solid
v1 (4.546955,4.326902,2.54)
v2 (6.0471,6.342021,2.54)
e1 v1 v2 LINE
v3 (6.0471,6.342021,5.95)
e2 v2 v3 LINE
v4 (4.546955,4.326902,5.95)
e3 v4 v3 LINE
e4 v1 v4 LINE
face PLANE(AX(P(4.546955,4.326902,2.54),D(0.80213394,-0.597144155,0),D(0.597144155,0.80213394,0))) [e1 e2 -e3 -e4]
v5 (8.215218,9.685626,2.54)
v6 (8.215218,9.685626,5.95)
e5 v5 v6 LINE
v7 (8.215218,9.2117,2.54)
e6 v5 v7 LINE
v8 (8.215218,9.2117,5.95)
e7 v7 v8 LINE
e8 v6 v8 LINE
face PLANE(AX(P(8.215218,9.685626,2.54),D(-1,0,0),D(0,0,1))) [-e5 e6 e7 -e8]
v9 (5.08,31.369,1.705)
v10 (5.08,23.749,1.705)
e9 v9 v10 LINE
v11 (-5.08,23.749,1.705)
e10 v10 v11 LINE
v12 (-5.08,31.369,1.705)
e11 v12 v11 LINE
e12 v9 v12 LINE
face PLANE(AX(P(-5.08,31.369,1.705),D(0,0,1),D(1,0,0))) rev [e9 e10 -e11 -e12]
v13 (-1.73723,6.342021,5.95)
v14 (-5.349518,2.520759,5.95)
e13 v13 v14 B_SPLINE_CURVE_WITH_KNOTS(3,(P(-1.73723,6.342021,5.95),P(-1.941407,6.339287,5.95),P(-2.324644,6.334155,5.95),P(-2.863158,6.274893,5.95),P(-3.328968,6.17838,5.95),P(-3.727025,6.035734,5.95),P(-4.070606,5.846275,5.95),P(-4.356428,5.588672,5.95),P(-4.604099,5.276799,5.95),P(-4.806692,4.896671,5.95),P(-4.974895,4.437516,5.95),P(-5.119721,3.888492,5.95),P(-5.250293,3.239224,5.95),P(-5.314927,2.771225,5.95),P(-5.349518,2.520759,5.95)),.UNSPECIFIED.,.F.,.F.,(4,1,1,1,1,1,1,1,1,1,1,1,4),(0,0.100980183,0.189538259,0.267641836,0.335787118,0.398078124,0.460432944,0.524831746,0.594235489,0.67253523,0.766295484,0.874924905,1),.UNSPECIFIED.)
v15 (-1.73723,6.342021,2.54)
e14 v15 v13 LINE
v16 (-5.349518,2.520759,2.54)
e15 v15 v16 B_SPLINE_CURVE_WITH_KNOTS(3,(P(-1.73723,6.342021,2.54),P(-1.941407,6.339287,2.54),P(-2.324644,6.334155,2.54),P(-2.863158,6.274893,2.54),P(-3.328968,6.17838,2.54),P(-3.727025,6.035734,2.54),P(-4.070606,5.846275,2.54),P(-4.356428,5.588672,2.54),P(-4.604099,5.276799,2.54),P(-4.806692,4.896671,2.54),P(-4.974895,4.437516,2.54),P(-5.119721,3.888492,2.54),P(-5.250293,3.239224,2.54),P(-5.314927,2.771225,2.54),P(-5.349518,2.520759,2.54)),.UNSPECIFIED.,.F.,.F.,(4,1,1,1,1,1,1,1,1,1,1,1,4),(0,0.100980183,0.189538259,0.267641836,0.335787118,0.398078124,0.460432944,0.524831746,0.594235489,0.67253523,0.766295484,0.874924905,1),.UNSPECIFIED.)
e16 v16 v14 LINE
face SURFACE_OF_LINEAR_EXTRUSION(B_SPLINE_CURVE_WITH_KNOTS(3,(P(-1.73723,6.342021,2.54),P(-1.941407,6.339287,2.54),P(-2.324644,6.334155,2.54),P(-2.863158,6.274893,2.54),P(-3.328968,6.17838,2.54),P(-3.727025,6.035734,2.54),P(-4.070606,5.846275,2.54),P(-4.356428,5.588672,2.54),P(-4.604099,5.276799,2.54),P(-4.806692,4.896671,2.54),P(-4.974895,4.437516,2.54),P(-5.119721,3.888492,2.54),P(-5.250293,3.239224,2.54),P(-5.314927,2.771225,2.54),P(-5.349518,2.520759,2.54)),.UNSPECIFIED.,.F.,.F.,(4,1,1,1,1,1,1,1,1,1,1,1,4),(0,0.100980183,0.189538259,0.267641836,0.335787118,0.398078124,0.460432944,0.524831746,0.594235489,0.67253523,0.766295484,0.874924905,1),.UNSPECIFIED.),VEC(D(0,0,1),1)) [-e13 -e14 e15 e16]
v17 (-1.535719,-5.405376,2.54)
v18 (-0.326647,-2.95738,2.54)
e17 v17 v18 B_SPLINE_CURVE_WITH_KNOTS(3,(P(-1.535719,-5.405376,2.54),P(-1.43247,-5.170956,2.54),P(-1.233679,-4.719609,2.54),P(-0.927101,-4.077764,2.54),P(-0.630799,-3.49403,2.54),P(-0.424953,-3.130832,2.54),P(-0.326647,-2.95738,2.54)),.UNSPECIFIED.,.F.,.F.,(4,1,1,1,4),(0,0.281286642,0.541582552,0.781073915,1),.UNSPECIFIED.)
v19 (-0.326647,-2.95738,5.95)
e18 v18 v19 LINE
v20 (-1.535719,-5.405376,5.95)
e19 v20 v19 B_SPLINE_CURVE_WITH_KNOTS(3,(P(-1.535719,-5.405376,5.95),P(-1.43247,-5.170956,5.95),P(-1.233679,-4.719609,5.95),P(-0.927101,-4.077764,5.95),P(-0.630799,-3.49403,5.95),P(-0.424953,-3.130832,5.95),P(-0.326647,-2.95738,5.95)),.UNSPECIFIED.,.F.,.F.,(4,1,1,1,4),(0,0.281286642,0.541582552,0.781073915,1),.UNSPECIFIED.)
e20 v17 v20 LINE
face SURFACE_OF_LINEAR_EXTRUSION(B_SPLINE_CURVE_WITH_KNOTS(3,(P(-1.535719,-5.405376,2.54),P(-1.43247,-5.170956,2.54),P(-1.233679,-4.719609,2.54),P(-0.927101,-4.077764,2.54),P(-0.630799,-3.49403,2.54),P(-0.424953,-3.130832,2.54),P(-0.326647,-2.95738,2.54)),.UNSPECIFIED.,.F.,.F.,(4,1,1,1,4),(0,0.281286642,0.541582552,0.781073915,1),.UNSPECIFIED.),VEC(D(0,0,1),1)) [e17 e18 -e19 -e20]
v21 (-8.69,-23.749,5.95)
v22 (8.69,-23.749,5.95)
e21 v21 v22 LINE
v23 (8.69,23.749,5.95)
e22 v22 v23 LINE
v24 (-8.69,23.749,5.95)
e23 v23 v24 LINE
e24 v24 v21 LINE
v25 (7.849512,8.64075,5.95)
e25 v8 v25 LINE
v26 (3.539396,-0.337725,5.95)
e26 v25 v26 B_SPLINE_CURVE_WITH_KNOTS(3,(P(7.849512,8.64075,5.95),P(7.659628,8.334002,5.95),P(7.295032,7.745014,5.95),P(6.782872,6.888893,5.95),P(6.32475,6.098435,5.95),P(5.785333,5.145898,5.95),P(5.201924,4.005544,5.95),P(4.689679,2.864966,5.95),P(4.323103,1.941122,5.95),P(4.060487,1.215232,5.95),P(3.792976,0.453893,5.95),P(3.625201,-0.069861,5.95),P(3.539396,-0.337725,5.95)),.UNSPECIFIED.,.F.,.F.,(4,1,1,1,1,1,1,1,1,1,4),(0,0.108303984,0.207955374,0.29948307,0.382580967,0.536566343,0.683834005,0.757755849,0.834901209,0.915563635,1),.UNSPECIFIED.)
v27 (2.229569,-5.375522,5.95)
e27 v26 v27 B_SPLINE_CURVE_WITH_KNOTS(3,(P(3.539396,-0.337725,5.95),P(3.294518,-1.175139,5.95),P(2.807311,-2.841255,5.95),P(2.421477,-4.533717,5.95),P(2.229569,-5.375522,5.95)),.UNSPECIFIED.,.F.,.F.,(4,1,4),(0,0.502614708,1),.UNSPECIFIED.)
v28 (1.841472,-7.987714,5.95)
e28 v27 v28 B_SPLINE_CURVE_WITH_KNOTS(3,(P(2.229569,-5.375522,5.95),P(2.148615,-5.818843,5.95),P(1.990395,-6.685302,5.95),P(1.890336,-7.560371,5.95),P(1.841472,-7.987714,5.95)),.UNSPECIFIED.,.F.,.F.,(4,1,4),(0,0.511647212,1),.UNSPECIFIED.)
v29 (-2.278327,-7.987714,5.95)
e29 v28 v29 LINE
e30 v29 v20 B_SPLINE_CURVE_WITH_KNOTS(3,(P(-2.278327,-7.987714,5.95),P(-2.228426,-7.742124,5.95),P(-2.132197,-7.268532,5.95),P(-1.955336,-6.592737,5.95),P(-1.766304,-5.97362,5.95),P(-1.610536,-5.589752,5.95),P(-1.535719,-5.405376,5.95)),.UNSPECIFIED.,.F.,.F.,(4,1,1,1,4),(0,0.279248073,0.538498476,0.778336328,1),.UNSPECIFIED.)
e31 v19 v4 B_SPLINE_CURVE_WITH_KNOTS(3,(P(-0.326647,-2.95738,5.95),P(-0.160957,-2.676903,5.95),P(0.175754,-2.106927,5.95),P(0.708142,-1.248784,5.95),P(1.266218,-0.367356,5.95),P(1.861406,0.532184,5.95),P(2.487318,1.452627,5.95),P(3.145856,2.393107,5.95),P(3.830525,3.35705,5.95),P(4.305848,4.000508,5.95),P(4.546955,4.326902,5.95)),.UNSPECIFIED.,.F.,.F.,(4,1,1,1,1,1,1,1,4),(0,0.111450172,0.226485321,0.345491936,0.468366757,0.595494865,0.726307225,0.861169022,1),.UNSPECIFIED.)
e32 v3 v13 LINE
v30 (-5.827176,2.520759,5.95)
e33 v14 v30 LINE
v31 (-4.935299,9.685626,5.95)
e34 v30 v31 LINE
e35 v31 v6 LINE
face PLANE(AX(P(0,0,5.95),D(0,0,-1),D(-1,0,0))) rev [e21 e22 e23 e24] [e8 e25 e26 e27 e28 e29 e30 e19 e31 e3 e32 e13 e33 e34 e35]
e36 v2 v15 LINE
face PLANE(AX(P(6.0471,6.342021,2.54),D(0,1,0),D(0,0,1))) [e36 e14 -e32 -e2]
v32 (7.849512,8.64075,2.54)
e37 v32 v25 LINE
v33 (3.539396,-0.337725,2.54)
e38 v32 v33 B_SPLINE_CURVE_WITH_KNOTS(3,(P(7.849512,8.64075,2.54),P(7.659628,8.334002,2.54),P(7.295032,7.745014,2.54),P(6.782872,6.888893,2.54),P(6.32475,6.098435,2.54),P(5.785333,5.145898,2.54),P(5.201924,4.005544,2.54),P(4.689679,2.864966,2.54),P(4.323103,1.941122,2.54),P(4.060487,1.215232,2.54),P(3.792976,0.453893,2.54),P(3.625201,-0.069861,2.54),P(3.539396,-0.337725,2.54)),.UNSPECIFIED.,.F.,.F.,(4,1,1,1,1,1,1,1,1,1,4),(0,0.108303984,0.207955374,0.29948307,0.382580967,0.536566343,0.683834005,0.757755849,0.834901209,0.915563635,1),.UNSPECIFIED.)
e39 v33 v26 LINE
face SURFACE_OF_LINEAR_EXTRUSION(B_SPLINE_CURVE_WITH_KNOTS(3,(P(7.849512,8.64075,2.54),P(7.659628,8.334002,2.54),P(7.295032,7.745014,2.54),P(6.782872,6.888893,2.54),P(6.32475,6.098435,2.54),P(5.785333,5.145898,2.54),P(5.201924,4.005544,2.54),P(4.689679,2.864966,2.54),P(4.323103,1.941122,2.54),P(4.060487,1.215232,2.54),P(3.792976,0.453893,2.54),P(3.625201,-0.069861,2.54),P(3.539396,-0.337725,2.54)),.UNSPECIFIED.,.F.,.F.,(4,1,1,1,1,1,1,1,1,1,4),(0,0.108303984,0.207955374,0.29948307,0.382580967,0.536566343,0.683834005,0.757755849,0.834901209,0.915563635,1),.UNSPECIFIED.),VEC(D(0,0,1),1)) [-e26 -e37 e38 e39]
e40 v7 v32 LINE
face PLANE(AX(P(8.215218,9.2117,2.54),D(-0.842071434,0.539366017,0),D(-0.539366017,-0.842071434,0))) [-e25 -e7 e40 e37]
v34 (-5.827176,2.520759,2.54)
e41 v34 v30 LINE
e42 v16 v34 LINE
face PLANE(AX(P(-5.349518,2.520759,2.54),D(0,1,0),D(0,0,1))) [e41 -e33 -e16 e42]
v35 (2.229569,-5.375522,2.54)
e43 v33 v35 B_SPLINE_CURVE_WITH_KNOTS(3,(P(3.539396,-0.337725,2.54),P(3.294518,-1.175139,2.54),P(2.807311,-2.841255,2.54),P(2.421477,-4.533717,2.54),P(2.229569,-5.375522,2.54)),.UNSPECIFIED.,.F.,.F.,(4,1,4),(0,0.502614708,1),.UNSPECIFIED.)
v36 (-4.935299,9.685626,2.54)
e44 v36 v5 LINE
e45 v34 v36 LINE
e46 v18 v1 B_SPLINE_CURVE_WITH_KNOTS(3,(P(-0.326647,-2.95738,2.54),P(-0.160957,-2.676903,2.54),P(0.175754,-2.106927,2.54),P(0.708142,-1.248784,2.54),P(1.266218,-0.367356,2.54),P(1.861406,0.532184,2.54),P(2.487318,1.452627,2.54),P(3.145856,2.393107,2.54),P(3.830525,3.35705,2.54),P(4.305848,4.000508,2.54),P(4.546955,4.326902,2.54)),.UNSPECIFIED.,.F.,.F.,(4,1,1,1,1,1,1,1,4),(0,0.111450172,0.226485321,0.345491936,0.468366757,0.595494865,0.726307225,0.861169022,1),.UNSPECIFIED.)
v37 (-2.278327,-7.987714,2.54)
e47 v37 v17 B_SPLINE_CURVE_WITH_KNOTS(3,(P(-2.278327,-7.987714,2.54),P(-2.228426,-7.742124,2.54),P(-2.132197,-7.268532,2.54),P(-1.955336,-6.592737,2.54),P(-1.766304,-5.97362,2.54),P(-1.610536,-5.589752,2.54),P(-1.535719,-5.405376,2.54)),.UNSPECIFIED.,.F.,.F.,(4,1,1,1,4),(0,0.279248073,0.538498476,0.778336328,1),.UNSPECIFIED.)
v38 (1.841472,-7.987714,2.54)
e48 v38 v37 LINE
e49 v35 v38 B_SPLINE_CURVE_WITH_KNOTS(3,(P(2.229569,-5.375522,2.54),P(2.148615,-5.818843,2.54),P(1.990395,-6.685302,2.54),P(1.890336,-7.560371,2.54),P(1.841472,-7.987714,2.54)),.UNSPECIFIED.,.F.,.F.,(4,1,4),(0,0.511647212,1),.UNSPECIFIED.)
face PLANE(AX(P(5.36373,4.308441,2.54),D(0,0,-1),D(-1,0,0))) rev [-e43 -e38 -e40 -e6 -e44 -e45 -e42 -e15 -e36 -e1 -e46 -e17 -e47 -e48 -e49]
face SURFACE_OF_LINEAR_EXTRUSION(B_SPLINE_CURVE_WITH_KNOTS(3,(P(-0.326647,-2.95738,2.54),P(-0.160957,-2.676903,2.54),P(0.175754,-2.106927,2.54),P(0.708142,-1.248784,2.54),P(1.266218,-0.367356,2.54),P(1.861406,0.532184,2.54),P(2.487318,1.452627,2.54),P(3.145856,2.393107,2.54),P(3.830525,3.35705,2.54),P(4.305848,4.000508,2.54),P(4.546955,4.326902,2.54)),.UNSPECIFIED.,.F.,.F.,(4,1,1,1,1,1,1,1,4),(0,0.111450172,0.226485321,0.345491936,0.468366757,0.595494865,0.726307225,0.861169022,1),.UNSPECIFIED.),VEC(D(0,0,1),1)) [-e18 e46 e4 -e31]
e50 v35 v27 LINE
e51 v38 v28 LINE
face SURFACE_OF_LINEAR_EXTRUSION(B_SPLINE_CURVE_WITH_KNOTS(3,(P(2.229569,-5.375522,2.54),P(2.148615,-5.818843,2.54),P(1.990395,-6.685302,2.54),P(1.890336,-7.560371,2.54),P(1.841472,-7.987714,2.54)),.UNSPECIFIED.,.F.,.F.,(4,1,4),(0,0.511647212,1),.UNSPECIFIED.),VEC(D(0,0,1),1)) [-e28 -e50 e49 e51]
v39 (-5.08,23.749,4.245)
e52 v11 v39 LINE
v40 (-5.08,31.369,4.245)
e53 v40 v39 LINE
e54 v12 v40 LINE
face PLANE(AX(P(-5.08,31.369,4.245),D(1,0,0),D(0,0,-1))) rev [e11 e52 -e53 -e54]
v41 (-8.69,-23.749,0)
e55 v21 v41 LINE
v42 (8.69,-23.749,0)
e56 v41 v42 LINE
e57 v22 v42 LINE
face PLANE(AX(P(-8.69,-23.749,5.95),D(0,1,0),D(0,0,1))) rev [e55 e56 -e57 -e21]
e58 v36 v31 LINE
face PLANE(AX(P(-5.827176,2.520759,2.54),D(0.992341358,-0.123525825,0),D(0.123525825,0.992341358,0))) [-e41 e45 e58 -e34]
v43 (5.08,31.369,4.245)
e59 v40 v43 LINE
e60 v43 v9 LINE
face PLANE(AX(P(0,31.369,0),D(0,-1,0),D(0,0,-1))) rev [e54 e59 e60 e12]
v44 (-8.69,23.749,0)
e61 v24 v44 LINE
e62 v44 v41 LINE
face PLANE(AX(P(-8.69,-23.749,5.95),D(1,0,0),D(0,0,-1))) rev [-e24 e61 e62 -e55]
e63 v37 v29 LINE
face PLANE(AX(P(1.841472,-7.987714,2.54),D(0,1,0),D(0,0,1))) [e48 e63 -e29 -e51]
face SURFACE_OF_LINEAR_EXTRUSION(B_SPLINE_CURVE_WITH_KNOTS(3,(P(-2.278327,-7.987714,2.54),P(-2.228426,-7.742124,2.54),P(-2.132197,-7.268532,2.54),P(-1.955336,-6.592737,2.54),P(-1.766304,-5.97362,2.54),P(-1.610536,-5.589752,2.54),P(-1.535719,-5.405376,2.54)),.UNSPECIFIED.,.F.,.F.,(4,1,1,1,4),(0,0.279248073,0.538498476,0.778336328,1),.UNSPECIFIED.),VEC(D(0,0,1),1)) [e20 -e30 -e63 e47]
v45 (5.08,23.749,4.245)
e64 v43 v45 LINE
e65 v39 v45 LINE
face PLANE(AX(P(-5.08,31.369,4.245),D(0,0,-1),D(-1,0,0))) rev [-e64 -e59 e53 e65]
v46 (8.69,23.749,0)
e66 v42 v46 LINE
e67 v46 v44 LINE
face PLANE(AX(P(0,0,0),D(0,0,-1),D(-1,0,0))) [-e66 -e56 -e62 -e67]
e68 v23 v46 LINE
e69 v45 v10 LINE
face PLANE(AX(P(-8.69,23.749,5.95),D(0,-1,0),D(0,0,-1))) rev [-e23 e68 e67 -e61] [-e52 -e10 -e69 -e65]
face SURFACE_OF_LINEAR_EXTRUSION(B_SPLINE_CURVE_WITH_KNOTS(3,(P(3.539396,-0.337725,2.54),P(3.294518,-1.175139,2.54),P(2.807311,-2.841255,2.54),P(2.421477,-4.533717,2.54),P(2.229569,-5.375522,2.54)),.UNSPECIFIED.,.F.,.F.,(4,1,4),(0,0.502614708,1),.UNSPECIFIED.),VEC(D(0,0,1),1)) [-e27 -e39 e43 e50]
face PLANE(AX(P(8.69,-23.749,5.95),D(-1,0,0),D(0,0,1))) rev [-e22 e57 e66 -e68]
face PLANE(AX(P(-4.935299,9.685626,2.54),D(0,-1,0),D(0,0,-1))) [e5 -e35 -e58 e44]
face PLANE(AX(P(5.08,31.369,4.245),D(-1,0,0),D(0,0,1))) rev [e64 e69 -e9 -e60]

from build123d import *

# Parameters (mm, degrees)
SKETCH1_W           = 17.38
SKETCH1_H           = 47.498
BOSS_EXTRUDE1_DEPTH = 5.95
CUT_EXTRUDE1_DEPTH  = 3.41
SKETCH3_W           = 10.16
SKETCH3_H           = 2.54
BOSS_EXTRUDE2_DEPTH = 7.62


with BuildPart() as part:
    # Sketch1 → Boss-Extrude1 (new body)
    with BuildSketch(Plane.XY):
        Rectangle(SKETCH1_W, SKETCH1_H)
    extrude(amount=BOSS_EXTRUDE1_DEPTH)

    # Sketch2 → Cut-Extrude1 (cut)
    with BuildSketch(Plane.XY.offset(5.95)):
        with BuildLine():
            Line((8.21521828, 9.685626239), (8.21521828, 9.211700107))
            Line((8.21521828, 9.211700107), (7.849511502, 8.640749728))
            add(Edge.make_bspline(
                [(7.849511502, 8.640749728), (7.659628318, 8.334002218), (7.295032049, 7.745013788), (6.782872216, 6.88889346), (6.32474967, 6.098434688), (5.785332579, 5.145897577), (5.201924307, 4.005544018), (4.689678821, 2.864966249), (4.323103082, 1.941121665), (4.060487027, 1.215232336), (3.79297562, 0.453893084), (3.625200839, -0.069861436), (3.539395894, -0.337724864)],
                knots=[0, 0, 0, 0, 1.083039837, 2.079553741, 2.994830702, 3.825809671, 5.365663433, 6.838340046, 7.577558492, 8.349012095, 9.155636346, 10, 10, 10, 10], degree=3))
            add(Edge.make_bspline(
                [(3.539395894, -0.337724864), (3.294518486, -1.175139297), (2.807311479, -2.84125535), (2.421476965, -4.533716864), (2.229568553, -5.375522327)],
                knots=[0, 0, 0, 0, 1.005229416, 2, 2, 2, 2], degree=3))
            add(Edge.make_bspline(
                [(2.229568553, -5.375522327), (2.14861537, -5.818843498), (1.990394666, -6.685302183), (1.890335658, -7.560371208), (1.841471563, -7.987713605)],
                knots=[0, 0, 0, 0, 1.023294424, 2, 2, 2, 2], degree=3))
            Line((1.841471563, -7.987713605), (-2.278327252, -7.987713605))
            add(Edge.make_bspline(
                [(-2.278327252, -7.987713605), (-2.228426027, -7.742123959), (-2.132197133, -7.268531969), (-1.955335735, -6.592737484), (-1.766303583, -5.973619712), (-1.61053551, -5.589751553), (-1.535718589, -5.405375942)],
                knots=[0, 0, 0, 0, 1.116992291, 2.153993903, 3.113345314, 4, 4, 4, 4], degree=3))
            add(Edge.make_bspline(
                [(-1.535718589, -5.405375942), (-1.432470379, -5.170955855), (-1.233678754, -4.719609045), (-0.927100645, -4.077764225), (-0.630798746, -3.494030209), (-0.424952864, -3.130831897), (-0.326647197, -2.957379545)],
                knots=[0, 0, 0, 0, 1.125146569, 2.166330209, 3.124295659, 4, 4, 4, 4], degree=3))
            add(Edge.make_bspline(
                [(-0.326647197, -2.957379545), (-0.160956821, -2.676902535), (0.175753632, -2.106926516), (0.708141987, -1.248784349), (1.266217599, -0.367355885), (1.86140604, 0.532183687), (2.487318367, 1.452627488), (3.145855822, 2.393106788), (3.830525284, 3.357049593), (4.305847593, 4.000507598), (4.546955386, 4.326902418)],
                knots=[0, 0, 0, 0, 0.891601375, 1.811882565, 2.763935491, 3.74693406, 4.763958923, 5.810457796, 6.889352178, 8, 8, 8, 8], degree=3))
            Line((4.546955386, 4.326902418), (6.04709952, 6.342021403))
            Line((6.04709952, 6.342021403), (-1.737230487, 6.342021403))
            add(Edge.make_bspline(
                [(-1.737230487, 6.342021403), (-1.941407392, 6.33928709), (-2.324644322, 6.334154827), (-2.863158098, 6.274892972), (-3.328967641, 6.178379532), (-3.727025146, 6.035733564), (-4.070606045, 5.846274621), (-4.356427977, 5.588671706), (-4.60409946, 5.276798523), (-4.806692036, 4.896670937), (-4.974895269, 4.437516142), (-5.119721138, 3.888492313), (-5.250293202, 3.239224301), (-5.314926889, 2.771224888), (-5.349517854, 2.520758735)],
                knots=[0, 0, 0, 0, 1.211762192, 2.274459111, 3.211702032, 4.029445416, 4.776937485, 5.525195333, 6.297980953, 7.13082587, 8.070422764, 9.195545804, 10.499098859, 12, 12, 12, 12], degree=3))
            Line((-5.349517854, 2.520758735), (-5.827175687, 2.520758735))
            Line((-5.827175687, 2.520758735), (-4.935298951, 9.685626239))
            Line((-4.935298951, 9.685626239), (8.21521828, 9.685626239))
        make_face()
    extrude(amount=-CUT_EXTRUDE1_DEPTH, mode=Mode.SUBTRACT)

    # Sketch3 → Boss-Extrude2 (add)
    with BuildSketch(Plane(origin=(0, 23.749, 0), x_dir=(1, 0, 0), z_dir=(0, 1, 0))):
        with Locations((0, -2.975)):
            Rectangle(SKETCH3_W, SKETCH3_H)
    extrude(amount=BOSS_EXTRUDE2_DEPTH)


solid = part.part
